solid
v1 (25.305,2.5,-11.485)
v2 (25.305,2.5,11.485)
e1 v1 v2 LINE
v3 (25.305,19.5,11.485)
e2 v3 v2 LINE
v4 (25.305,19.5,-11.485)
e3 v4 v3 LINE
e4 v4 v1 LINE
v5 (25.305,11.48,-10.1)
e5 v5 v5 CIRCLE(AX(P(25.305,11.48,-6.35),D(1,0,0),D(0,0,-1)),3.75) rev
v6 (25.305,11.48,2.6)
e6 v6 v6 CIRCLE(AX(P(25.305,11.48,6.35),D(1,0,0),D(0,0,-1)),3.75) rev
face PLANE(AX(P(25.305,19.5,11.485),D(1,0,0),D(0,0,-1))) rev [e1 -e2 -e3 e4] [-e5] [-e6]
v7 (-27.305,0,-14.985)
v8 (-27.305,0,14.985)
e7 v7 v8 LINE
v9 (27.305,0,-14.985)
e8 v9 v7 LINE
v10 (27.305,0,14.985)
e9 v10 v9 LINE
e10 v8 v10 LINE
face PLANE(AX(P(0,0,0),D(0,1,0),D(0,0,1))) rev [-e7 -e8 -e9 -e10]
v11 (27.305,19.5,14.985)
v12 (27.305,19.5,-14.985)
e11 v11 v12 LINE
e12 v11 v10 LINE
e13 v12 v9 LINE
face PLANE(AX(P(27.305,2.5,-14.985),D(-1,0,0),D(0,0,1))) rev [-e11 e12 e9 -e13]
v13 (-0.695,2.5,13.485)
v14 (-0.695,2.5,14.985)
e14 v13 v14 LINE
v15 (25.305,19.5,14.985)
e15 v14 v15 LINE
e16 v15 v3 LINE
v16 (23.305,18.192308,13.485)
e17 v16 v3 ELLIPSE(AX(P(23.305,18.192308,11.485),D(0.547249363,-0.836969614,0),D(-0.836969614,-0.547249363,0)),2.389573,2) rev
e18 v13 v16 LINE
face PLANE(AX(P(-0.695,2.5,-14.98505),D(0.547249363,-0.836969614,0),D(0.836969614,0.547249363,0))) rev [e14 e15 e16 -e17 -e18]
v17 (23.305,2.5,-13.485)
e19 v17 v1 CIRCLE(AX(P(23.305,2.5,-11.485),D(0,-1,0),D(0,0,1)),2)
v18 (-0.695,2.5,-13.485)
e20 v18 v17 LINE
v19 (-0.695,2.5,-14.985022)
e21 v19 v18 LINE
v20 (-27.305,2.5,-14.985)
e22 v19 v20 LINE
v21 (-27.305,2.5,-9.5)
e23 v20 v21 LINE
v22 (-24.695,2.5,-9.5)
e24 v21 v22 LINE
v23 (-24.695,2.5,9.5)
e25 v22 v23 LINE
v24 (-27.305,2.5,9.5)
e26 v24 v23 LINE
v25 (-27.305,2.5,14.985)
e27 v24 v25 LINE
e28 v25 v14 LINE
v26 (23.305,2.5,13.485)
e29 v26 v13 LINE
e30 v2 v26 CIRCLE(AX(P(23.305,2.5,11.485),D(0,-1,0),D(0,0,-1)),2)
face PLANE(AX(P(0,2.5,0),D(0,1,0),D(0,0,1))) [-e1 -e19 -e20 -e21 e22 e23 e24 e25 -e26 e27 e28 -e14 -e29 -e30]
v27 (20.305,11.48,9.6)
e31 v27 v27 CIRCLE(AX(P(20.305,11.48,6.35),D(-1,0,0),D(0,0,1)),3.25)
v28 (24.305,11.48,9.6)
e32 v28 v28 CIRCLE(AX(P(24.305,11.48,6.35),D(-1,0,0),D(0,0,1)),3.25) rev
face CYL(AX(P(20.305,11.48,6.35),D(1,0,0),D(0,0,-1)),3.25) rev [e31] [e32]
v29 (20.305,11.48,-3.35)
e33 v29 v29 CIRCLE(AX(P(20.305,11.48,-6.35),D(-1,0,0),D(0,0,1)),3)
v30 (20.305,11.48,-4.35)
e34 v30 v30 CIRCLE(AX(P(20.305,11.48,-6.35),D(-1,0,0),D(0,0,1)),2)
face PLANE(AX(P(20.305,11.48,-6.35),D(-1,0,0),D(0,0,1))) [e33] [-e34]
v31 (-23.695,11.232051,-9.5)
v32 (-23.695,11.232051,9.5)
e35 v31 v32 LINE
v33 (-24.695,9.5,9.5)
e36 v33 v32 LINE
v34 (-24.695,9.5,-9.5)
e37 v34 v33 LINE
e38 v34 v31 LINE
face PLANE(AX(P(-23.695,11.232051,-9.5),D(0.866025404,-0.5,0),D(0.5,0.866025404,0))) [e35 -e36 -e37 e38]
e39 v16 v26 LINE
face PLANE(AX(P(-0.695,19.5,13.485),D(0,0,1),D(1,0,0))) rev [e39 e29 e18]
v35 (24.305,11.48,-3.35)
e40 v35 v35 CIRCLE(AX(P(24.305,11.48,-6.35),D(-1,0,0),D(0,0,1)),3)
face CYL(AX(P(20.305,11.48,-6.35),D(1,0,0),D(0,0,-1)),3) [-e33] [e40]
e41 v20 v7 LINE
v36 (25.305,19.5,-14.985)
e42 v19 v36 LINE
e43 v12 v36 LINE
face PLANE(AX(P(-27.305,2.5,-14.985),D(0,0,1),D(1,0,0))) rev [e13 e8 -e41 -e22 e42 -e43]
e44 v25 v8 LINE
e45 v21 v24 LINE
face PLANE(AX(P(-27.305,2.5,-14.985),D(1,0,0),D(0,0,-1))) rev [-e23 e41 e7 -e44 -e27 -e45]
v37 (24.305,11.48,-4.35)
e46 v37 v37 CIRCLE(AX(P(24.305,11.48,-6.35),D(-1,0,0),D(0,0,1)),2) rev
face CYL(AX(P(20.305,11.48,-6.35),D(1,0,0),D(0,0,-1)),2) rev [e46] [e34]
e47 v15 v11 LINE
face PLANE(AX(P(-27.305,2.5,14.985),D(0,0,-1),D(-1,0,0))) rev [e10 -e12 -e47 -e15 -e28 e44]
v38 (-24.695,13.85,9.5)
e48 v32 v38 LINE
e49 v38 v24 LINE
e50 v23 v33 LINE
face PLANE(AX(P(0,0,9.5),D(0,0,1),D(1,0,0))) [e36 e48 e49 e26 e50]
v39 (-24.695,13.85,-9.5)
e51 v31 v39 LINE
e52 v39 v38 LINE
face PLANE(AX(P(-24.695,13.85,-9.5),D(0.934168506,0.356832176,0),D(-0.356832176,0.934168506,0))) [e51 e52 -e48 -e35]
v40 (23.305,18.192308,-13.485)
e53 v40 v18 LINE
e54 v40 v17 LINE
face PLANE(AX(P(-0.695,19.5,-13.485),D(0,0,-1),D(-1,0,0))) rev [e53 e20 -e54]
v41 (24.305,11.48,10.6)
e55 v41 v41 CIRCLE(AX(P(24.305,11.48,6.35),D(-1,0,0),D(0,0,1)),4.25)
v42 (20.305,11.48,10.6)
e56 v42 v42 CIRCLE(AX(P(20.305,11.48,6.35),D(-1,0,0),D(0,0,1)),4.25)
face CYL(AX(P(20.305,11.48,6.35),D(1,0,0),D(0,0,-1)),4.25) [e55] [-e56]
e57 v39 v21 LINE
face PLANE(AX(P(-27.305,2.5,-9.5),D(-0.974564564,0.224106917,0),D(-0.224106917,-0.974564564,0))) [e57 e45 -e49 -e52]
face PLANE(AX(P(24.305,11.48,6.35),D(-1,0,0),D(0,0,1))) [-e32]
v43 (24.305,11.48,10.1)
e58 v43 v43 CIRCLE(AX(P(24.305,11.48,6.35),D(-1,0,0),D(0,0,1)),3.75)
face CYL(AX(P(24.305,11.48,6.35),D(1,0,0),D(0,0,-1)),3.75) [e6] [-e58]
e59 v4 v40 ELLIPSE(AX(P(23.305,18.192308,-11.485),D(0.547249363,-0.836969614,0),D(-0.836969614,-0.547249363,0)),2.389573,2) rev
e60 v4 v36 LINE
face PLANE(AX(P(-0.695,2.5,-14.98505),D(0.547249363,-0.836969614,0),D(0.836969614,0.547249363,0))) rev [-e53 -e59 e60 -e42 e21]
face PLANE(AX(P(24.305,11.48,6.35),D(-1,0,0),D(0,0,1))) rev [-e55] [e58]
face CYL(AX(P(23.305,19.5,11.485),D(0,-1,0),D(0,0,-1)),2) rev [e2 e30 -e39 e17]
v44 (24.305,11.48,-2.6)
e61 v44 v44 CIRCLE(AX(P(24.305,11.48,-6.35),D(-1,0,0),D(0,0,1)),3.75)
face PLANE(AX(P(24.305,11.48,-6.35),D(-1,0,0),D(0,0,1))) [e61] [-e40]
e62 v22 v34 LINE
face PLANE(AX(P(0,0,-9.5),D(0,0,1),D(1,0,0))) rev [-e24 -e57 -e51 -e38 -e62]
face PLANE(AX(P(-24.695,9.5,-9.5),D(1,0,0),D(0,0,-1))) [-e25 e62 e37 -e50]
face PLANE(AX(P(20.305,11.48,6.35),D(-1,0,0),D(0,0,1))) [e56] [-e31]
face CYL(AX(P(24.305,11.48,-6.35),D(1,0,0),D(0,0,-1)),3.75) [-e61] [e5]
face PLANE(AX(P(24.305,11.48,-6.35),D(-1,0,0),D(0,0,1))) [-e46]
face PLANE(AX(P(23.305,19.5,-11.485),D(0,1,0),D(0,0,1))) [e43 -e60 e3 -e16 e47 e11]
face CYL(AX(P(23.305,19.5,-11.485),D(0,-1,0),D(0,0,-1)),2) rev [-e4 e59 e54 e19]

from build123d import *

# Parameters (mm, degrees)
SKETCH_1_W           = 54.61
SKETCH_1_H           = 29.97
EXTRUDE_1_DEPTH      = 2.5
EXTRUDE_2_DEPTH      = 17
CUT_EXTRUDE_1_DEPTH  = 30.97
EXTRUDE_4_DEPTH      = 9.5
EXTRUDE_4_DEPTH_BACK = 9.5
SKETCH_10_R          = 3.75
EXTRUDE_6_DEPTH      = 1
SKETCH_11_R          = 3
SKETCH_11_R_2        = 2
EXTRUDE_7_DEPTH      = 4
SKETCH_12_R          = 4.25
SKETCH_12_R_2        = 3.25
EXTRUDE_8_DEPTH      = 4


with BuildPart() as part:
    # Эскиз1 → Бобышка-Вытянуть1 (new body)
    with BuildSketch(Plane(origin=(0, 0, 0), x_dir=(1, 0, 0), z_dir=(0, 1, 0))):
        Rectangle(SKETCH_1_W, SKETCH_1_H)
    extrude(amount=EXTRUDE_1_DEPTH)

    # Эскиз2 → Бобышка-Вытянуть2 (add)
    with BuildSketch(Plane(origin=(0, 2.5, 0), x_dir=(1, 0, 0), z_dir=(0, 1, 0))):
        with BuildLine():
            Line((27.305, -14.985), (-0.695, -14.985))
            Line((-0.695, -14.985), (-0.695, -13.485))
            Line((-0.695, -13.485), (23.305, -13.485))
            ThreePointArc((23.305, -13.485), (24.719213562, -12.899213562), (25.305, -11.485))
            Line((25.305, -11.485), (25.305, 11.485))
            ThreePointArc((25.305, 11.485), (24.719213562, 12.899213562), (23.305, 13.485))
            Line((23.305, 13.485), (-0.695, 13.485))
            Line((-0.695, 13.485), (-0.695, 14.985))
            Line((-0.695, 14.985), (27.305, 14.985))
            Line((27.305, 14.985), (27.305, -14.985))
        make_face()
    extrude(amount=EXTRUDE_2_DEPTH)

    # Эскиз3 → Вырез-Вытянуть1 (cut, through all)
    with BuildSketch(Plane.XY.offset(14.985)):
        Polygon((-0.695, 2.5), (25.305, 19.5), (-0.695, 19.5), align=None)
    extrude(amount=-CUT_EXTRUDE_1_DEPTH, mode=Mode.SUBTRACT)

    # Эскиз8 → Бобышка-Вытянуть4 (add, two sides)
    with BuildSketch(Plane.XY) as extrude_4_sk:
        Polygon((-27.305, 2.5), (-24.695, 13.85), (-23.695, 11.232050808), (-24.695, 9.5), (-24.695, 2.5), align=None)
    extrude(amount=EXTRUDE_4_DEPTH)
    extrude(extrude_4_sk.sketch, amount=-EXTRUDE_4_DEPTH_BACK)

    # Эскиз10 → Бобышка-Вытянуть6 (add)
    with BuildSketch(Plane.ZY.offset(-25.305)):
        with Locations((-6.35, 11.48)):
            Circle(SKETCH_10_R)
        with Locations((6.35, 11.48)):
            Circle(SKETCH_10_R)
    extrude(amount=EXTRUDE_6_DEPTH)

    # Эскиз11 → Бобышка-Вытянуть7 (add)
    with BuildSketch(Plane.ZY.offset(-24.305)):
        with Locations((-6.35, 11.48)):
            Circle(SKETCH_11_R)
        with Locations((-6.35, 11.48)):
            Circle(SKETCH_11_R_2, mode=Mode.SUBTRACT)
    extrude(amount=EXTRUDE_7_DEPTH)

    # Эскиз12 → Бобышка-Вытянуть8 (add)
    with BuildSketch(Plane.ZY.offset(-24.305)):
        with Locations((6.35, 11.48)):
            Circle(SKETCH_12_R)
        with Locations((6.35, 11.48)):
            Circle(SKETCH_12_R_2, mode=Mode.SUBTRACT)
    extrude(amount=EXTRUDE_8_DEPTH)


solid = part.part
